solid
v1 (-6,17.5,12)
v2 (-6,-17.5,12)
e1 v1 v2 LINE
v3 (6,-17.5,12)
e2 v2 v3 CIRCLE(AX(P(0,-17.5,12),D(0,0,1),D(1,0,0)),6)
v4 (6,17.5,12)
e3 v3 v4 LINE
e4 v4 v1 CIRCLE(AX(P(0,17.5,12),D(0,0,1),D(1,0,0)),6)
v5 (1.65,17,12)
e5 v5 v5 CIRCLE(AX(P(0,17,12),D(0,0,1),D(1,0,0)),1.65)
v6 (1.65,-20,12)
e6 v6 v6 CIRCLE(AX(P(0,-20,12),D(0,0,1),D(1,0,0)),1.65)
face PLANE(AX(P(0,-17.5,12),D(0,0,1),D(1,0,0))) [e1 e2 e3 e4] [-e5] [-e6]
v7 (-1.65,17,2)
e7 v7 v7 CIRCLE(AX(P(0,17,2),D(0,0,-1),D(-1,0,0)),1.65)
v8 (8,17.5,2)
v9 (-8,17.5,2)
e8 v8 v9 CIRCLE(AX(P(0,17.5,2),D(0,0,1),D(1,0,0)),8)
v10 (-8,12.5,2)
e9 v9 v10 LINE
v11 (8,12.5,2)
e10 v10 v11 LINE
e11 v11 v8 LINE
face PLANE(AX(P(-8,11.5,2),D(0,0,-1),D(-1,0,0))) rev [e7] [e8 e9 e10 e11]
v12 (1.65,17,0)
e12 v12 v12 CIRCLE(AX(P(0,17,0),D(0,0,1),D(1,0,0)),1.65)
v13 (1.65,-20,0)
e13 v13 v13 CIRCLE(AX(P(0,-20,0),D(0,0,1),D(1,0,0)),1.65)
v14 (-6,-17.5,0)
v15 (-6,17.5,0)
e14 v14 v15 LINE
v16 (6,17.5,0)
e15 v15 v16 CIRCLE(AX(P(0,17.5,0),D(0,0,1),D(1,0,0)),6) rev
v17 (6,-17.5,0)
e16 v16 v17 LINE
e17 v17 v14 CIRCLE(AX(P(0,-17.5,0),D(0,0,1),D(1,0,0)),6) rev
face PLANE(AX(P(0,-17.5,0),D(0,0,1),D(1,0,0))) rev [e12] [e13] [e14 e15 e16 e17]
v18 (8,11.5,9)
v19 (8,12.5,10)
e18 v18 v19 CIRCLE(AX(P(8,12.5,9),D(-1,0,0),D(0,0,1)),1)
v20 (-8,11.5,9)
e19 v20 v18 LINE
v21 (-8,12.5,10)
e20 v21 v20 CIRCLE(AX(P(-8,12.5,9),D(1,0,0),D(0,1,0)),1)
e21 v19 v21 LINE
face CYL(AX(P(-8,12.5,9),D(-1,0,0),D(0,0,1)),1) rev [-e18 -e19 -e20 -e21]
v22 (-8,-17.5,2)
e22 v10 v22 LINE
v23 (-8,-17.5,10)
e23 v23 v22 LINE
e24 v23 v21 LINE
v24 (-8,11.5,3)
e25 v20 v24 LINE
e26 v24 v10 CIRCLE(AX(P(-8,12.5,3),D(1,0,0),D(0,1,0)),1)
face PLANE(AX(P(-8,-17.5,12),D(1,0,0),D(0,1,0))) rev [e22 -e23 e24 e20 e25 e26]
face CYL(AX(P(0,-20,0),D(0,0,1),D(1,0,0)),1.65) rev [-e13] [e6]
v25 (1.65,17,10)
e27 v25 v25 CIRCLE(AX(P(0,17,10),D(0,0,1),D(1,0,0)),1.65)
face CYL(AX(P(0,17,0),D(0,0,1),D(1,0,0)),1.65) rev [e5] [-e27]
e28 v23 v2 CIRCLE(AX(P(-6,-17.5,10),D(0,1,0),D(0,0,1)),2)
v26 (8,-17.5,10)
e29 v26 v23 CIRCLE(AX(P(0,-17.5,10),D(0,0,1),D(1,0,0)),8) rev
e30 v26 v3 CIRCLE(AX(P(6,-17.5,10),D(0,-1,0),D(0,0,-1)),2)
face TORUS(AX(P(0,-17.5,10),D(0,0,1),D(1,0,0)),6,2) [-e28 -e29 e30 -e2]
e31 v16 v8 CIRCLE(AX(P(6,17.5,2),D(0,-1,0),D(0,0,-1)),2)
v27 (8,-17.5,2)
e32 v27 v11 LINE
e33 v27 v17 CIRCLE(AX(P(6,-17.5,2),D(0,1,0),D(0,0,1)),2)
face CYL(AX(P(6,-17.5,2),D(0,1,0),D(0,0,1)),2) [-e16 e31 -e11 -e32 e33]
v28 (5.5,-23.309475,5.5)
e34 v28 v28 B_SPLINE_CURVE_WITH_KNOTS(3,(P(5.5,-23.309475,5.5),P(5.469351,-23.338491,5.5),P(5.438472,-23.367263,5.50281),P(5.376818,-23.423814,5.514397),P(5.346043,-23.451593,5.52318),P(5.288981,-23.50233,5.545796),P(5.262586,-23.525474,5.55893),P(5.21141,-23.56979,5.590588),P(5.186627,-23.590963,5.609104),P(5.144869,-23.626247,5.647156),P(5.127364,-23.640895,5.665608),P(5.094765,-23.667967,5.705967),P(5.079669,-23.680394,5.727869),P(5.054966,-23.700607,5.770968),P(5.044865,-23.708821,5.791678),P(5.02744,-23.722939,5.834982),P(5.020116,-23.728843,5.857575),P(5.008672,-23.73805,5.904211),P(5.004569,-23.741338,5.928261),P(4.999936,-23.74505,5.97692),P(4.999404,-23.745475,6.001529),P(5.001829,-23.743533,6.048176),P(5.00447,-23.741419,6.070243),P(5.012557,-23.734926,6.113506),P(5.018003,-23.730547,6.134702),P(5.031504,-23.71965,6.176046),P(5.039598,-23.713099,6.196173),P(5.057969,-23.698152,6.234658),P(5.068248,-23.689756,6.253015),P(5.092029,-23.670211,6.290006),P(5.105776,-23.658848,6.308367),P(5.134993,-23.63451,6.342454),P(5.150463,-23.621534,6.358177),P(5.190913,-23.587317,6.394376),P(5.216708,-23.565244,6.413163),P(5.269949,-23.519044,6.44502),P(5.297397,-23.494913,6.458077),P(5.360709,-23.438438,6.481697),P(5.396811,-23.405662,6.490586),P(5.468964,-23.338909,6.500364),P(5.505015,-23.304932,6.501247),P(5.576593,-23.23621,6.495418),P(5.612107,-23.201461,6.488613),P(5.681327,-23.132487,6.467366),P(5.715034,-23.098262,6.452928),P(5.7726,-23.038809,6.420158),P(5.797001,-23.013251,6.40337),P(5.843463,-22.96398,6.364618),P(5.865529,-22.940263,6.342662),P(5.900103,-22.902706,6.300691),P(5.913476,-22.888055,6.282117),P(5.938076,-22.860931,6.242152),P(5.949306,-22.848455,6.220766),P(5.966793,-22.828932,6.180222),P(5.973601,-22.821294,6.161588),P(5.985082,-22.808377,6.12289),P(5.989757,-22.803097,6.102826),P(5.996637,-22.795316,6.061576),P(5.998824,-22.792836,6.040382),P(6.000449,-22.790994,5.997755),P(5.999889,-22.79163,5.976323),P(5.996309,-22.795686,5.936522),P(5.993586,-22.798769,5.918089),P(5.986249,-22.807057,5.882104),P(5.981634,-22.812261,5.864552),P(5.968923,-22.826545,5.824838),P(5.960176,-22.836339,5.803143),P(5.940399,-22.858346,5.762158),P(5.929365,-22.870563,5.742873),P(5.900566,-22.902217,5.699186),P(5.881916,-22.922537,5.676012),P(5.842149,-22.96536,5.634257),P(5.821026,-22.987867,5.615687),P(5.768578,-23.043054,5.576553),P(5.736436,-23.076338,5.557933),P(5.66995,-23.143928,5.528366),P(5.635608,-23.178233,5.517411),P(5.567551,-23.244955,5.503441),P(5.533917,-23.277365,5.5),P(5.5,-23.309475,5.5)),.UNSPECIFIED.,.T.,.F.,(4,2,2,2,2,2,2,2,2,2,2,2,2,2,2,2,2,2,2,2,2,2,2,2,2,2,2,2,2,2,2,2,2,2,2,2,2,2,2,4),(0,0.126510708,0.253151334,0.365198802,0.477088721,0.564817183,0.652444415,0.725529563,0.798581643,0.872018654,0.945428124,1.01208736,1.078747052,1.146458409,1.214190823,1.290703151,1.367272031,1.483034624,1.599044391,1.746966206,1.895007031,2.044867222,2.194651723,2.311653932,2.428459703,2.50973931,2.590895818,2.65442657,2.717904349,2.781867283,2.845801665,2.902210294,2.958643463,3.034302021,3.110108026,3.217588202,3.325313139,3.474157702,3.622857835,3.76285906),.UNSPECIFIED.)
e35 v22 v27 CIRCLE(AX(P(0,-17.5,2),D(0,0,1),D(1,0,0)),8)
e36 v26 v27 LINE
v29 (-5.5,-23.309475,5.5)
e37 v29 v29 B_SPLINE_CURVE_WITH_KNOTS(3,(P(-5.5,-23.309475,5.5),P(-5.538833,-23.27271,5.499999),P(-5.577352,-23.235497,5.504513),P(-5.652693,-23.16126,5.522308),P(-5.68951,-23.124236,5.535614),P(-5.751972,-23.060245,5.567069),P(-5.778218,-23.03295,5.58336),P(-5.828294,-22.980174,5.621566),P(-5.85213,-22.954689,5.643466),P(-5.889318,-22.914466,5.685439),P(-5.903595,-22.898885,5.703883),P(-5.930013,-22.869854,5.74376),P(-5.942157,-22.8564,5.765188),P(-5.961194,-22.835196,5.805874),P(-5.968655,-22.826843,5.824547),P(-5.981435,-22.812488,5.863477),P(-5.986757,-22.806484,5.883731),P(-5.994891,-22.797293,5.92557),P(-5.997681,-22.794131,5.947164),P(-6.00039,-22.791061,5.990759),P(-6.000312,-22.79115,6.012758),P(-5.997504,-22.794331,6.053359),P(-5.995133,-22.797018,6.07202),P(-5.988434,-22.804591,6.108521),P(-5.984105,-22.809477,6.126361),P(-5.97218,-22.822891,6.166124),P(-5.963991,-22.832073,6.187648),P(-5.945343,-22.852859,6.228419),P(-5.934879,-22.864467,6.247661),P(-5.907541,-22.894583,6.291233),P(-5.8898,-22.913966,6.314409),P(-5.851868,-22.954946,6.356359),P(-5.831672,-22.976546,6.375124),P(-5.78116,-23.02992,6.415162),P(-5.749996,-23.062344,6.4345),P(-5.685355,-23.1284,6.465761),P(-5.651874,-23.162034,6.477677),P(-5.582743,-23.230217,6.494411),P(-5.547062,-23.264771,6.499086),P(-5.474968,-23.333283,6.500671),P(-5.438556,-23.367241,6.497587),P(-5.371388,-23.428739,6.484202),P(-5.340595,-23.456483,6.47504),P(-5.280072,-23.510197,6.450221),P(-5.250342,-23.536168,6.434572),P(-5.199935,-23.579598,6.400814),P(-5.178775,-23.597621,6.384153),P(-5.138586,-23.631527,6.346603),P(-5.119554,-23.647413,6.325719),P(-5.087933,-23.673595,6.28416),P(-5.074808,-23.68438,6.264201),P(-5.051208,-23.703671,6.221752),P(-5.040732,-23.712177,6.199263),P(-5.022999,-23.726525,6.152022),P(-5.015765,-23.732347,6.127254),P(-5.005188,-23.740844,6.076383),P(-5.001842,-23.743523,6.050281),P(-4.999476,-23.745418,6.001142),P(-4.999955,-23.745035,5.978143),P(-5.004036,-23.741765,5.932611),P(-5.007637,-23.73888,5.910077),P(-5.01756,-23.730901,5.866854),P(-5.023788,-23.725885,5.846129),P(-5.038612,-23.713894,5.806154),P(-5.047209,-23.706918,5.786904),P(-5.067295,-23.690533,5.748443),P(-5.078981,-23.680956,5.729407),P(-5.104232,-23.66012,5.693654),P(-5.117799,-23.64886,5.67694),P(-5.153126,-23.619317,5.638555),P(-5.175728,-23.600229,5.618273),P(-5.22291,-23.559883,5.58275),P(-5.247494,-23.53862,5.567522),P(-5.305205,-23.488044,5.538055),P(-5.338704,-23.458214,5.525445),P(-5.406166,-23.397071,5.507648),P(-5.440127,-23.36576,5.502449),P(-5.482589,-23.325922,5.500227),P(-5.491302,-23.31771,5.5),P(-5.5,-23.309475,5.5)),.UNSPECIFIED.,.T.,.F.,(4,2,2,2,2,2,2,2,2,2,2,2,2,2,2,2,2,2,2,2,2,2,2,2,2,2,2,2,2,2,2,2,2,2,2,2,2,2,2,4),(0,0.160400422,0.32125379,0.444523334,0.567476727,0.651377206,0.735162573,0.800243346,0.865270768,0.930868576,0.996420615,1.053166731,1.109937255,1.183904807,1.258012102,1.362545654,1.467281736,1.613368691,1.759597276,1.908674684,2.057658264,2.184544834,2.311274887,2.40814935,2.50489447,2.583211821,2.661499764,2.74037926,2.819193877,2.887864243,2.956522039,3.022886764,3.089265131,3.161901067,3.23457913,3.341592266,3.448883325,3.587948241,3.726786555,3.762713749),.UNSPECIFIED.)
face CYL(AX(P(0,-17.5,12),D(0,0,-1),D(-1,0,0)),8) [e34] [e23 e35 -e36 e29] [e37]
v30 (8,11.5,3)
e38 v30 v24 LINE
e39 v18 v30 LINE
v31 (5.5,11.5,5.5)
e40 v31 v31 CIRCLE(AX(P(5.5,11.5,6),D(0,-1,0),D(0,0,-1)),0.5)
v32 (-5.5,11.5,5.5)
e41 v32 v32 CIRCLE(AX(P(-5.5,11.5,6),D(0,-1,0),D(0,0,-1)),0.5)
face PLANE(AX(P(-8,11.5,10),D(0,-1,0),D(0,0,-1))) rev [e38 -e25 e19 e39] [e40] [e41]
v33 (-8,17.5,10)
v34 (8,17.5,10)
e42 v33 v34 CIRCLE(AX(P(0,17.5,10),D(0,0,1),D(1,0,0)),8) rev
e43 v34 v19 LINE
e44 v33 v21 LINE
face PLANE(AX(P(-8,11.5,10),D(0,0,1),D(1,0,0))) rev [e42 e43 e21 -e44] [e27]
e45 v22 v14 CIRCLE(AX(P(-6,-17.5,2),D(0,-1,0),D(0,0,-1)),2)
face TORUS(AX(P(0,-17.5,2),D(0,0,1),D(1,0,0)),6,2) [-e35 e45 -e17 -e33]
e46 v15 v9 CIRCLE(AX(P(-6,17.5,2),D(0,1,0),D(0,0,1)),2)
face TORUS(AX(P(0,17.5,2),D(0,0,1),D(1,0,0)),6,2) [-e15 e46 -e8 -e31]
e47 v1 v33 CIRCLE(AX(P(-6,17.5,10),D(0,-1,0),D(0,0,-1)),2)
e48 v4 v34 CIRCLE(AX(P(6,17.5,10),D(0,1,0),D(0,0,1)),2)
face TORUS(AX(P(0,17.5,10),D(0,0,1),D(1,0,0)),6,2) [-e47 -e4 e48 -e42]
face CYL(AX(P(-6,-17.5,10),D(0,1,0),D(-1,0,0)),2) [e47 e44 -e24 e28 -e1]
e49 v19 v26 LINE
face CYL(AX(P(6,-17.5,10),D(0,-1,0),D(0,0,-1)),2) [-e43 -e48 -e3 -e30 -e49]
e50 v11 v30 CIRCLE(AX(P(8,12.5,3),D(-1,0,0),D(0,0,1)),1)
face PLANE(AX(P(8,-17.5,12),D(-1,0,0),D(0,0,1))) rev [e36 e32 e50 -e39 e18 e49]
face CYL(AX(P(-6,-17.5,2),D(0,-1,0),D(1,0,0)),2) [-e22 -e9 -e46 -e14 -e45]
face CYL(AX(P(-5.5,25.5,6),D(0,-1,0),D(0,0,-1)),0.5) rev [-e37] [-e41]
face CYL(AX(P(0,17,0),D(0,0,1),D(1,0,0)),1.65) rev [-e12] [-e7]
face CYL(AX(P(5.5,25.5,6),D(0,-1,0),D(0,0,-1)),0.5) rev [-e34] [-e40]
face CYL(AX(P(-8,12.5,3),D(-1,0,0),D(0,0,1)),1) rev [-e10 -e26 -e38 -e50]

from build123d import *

# Parameters (mm, degrees)
BOSS_EXTRUDE1_DEPTH = 12
FILLET1_R           = 2
SKETCH3_W           = 8
SKETCH3_H           = 14
CUT_EXTRUDE1_DEPTH  = 33.407560846
FILLET5_R           = 1
SKETCH4_R           = 1.65
CUT_EXTRUDE2_DEPTH  = 30.295904151
SKETCH6_R           = 0.5
CUT_EXTRUDE3_DEPTH  = 54


with BuildPart() as part:
    # Sketch2 → Boss-Extrude1 (new body)
    with BuildSketch(Plane.XY):
        with BuildLine():
            Line((-8, -17.5), (-8, 17.5))
            ThreePointArc((-8, 17.5), (0, 25.5), (8, 17.5))
            Line((8, 17.5), (8, -17.5))
            ThreePointArc((8, -17.5), (0, -25.5), (-8, -17.5))
        make_face()
    extrude(amount=BOSS_EXTRUDE1_DEPTH)

    # Fillet1
    fillet1_edges = [part.edges().sort_by_distance(p)[0] for p in [
        (0, 25.5, 12),
        (-8, 0, 12),
        (0, -25.5, 12),
        (-8, 0, 0),
        (0, 25.5, 0),
        (8, 0, 0),
        (0, -25.5, 0),
        (8, 0, 12),
    ]]
    fillet(fillet1_edges, radius=FILLET1_R)

    # Sketch3 → Cut-Extrude1 (cut, through all)
    with BuildSketch(Plane(origin=(8, 0, 0), x_dir=(0, 0, -1), z_dir=(1, 0, 0))):
        with Locations((-6, 18.5)):
            Rectangle(SKETCH3_W, SKETCH3_H)
    extrude(amount=-CUT_EXTRUDE1_DEPTH, mode=Mode.SUBTRACT)

    # Fillet5
    fillet5_edges = [part.edges().sort_by_distance(p)[0] for p in [
        (0, 11.5, 10),
        (0, 11.5, 2),
    ]]
    fillet(fillet5_edges, radius=FILLET5_R)

    # Sketch4 → Cut-Extrude2 (cut, through all)
    with BuildSketch(Plane.XY.offset(12)):
        with Locations((0, 17)):
            Circle(SKETCH4_R)
        with Locations((0, -20)):
            Circle(SKETCH4_R)
    extrude(amount=-CUT_EXTRUDE2_DEPTH, mode=Mode.SUBTRACT)

    # Sketch6 → Cut-Extrude3 (cut, through all)
    with BuildSketch(Plane(origin=(0, -25.5, 0), x_dir=(-1, 0, 0), z_dir=(0, -1, 0))):
        with Locations(Location((-5.5, -6, 0), (0, 0, 90))):
            Circle(SKETCH6_R)
        with Locations(Location((5.5, -6, 0), (0, 0, 90))):
            Circle(SKETCH6_R)
    extrude(amount=-CUT_EXTRUDE3_DEPTH, mode=Mode.SUBTRACT)


solid = part.part
